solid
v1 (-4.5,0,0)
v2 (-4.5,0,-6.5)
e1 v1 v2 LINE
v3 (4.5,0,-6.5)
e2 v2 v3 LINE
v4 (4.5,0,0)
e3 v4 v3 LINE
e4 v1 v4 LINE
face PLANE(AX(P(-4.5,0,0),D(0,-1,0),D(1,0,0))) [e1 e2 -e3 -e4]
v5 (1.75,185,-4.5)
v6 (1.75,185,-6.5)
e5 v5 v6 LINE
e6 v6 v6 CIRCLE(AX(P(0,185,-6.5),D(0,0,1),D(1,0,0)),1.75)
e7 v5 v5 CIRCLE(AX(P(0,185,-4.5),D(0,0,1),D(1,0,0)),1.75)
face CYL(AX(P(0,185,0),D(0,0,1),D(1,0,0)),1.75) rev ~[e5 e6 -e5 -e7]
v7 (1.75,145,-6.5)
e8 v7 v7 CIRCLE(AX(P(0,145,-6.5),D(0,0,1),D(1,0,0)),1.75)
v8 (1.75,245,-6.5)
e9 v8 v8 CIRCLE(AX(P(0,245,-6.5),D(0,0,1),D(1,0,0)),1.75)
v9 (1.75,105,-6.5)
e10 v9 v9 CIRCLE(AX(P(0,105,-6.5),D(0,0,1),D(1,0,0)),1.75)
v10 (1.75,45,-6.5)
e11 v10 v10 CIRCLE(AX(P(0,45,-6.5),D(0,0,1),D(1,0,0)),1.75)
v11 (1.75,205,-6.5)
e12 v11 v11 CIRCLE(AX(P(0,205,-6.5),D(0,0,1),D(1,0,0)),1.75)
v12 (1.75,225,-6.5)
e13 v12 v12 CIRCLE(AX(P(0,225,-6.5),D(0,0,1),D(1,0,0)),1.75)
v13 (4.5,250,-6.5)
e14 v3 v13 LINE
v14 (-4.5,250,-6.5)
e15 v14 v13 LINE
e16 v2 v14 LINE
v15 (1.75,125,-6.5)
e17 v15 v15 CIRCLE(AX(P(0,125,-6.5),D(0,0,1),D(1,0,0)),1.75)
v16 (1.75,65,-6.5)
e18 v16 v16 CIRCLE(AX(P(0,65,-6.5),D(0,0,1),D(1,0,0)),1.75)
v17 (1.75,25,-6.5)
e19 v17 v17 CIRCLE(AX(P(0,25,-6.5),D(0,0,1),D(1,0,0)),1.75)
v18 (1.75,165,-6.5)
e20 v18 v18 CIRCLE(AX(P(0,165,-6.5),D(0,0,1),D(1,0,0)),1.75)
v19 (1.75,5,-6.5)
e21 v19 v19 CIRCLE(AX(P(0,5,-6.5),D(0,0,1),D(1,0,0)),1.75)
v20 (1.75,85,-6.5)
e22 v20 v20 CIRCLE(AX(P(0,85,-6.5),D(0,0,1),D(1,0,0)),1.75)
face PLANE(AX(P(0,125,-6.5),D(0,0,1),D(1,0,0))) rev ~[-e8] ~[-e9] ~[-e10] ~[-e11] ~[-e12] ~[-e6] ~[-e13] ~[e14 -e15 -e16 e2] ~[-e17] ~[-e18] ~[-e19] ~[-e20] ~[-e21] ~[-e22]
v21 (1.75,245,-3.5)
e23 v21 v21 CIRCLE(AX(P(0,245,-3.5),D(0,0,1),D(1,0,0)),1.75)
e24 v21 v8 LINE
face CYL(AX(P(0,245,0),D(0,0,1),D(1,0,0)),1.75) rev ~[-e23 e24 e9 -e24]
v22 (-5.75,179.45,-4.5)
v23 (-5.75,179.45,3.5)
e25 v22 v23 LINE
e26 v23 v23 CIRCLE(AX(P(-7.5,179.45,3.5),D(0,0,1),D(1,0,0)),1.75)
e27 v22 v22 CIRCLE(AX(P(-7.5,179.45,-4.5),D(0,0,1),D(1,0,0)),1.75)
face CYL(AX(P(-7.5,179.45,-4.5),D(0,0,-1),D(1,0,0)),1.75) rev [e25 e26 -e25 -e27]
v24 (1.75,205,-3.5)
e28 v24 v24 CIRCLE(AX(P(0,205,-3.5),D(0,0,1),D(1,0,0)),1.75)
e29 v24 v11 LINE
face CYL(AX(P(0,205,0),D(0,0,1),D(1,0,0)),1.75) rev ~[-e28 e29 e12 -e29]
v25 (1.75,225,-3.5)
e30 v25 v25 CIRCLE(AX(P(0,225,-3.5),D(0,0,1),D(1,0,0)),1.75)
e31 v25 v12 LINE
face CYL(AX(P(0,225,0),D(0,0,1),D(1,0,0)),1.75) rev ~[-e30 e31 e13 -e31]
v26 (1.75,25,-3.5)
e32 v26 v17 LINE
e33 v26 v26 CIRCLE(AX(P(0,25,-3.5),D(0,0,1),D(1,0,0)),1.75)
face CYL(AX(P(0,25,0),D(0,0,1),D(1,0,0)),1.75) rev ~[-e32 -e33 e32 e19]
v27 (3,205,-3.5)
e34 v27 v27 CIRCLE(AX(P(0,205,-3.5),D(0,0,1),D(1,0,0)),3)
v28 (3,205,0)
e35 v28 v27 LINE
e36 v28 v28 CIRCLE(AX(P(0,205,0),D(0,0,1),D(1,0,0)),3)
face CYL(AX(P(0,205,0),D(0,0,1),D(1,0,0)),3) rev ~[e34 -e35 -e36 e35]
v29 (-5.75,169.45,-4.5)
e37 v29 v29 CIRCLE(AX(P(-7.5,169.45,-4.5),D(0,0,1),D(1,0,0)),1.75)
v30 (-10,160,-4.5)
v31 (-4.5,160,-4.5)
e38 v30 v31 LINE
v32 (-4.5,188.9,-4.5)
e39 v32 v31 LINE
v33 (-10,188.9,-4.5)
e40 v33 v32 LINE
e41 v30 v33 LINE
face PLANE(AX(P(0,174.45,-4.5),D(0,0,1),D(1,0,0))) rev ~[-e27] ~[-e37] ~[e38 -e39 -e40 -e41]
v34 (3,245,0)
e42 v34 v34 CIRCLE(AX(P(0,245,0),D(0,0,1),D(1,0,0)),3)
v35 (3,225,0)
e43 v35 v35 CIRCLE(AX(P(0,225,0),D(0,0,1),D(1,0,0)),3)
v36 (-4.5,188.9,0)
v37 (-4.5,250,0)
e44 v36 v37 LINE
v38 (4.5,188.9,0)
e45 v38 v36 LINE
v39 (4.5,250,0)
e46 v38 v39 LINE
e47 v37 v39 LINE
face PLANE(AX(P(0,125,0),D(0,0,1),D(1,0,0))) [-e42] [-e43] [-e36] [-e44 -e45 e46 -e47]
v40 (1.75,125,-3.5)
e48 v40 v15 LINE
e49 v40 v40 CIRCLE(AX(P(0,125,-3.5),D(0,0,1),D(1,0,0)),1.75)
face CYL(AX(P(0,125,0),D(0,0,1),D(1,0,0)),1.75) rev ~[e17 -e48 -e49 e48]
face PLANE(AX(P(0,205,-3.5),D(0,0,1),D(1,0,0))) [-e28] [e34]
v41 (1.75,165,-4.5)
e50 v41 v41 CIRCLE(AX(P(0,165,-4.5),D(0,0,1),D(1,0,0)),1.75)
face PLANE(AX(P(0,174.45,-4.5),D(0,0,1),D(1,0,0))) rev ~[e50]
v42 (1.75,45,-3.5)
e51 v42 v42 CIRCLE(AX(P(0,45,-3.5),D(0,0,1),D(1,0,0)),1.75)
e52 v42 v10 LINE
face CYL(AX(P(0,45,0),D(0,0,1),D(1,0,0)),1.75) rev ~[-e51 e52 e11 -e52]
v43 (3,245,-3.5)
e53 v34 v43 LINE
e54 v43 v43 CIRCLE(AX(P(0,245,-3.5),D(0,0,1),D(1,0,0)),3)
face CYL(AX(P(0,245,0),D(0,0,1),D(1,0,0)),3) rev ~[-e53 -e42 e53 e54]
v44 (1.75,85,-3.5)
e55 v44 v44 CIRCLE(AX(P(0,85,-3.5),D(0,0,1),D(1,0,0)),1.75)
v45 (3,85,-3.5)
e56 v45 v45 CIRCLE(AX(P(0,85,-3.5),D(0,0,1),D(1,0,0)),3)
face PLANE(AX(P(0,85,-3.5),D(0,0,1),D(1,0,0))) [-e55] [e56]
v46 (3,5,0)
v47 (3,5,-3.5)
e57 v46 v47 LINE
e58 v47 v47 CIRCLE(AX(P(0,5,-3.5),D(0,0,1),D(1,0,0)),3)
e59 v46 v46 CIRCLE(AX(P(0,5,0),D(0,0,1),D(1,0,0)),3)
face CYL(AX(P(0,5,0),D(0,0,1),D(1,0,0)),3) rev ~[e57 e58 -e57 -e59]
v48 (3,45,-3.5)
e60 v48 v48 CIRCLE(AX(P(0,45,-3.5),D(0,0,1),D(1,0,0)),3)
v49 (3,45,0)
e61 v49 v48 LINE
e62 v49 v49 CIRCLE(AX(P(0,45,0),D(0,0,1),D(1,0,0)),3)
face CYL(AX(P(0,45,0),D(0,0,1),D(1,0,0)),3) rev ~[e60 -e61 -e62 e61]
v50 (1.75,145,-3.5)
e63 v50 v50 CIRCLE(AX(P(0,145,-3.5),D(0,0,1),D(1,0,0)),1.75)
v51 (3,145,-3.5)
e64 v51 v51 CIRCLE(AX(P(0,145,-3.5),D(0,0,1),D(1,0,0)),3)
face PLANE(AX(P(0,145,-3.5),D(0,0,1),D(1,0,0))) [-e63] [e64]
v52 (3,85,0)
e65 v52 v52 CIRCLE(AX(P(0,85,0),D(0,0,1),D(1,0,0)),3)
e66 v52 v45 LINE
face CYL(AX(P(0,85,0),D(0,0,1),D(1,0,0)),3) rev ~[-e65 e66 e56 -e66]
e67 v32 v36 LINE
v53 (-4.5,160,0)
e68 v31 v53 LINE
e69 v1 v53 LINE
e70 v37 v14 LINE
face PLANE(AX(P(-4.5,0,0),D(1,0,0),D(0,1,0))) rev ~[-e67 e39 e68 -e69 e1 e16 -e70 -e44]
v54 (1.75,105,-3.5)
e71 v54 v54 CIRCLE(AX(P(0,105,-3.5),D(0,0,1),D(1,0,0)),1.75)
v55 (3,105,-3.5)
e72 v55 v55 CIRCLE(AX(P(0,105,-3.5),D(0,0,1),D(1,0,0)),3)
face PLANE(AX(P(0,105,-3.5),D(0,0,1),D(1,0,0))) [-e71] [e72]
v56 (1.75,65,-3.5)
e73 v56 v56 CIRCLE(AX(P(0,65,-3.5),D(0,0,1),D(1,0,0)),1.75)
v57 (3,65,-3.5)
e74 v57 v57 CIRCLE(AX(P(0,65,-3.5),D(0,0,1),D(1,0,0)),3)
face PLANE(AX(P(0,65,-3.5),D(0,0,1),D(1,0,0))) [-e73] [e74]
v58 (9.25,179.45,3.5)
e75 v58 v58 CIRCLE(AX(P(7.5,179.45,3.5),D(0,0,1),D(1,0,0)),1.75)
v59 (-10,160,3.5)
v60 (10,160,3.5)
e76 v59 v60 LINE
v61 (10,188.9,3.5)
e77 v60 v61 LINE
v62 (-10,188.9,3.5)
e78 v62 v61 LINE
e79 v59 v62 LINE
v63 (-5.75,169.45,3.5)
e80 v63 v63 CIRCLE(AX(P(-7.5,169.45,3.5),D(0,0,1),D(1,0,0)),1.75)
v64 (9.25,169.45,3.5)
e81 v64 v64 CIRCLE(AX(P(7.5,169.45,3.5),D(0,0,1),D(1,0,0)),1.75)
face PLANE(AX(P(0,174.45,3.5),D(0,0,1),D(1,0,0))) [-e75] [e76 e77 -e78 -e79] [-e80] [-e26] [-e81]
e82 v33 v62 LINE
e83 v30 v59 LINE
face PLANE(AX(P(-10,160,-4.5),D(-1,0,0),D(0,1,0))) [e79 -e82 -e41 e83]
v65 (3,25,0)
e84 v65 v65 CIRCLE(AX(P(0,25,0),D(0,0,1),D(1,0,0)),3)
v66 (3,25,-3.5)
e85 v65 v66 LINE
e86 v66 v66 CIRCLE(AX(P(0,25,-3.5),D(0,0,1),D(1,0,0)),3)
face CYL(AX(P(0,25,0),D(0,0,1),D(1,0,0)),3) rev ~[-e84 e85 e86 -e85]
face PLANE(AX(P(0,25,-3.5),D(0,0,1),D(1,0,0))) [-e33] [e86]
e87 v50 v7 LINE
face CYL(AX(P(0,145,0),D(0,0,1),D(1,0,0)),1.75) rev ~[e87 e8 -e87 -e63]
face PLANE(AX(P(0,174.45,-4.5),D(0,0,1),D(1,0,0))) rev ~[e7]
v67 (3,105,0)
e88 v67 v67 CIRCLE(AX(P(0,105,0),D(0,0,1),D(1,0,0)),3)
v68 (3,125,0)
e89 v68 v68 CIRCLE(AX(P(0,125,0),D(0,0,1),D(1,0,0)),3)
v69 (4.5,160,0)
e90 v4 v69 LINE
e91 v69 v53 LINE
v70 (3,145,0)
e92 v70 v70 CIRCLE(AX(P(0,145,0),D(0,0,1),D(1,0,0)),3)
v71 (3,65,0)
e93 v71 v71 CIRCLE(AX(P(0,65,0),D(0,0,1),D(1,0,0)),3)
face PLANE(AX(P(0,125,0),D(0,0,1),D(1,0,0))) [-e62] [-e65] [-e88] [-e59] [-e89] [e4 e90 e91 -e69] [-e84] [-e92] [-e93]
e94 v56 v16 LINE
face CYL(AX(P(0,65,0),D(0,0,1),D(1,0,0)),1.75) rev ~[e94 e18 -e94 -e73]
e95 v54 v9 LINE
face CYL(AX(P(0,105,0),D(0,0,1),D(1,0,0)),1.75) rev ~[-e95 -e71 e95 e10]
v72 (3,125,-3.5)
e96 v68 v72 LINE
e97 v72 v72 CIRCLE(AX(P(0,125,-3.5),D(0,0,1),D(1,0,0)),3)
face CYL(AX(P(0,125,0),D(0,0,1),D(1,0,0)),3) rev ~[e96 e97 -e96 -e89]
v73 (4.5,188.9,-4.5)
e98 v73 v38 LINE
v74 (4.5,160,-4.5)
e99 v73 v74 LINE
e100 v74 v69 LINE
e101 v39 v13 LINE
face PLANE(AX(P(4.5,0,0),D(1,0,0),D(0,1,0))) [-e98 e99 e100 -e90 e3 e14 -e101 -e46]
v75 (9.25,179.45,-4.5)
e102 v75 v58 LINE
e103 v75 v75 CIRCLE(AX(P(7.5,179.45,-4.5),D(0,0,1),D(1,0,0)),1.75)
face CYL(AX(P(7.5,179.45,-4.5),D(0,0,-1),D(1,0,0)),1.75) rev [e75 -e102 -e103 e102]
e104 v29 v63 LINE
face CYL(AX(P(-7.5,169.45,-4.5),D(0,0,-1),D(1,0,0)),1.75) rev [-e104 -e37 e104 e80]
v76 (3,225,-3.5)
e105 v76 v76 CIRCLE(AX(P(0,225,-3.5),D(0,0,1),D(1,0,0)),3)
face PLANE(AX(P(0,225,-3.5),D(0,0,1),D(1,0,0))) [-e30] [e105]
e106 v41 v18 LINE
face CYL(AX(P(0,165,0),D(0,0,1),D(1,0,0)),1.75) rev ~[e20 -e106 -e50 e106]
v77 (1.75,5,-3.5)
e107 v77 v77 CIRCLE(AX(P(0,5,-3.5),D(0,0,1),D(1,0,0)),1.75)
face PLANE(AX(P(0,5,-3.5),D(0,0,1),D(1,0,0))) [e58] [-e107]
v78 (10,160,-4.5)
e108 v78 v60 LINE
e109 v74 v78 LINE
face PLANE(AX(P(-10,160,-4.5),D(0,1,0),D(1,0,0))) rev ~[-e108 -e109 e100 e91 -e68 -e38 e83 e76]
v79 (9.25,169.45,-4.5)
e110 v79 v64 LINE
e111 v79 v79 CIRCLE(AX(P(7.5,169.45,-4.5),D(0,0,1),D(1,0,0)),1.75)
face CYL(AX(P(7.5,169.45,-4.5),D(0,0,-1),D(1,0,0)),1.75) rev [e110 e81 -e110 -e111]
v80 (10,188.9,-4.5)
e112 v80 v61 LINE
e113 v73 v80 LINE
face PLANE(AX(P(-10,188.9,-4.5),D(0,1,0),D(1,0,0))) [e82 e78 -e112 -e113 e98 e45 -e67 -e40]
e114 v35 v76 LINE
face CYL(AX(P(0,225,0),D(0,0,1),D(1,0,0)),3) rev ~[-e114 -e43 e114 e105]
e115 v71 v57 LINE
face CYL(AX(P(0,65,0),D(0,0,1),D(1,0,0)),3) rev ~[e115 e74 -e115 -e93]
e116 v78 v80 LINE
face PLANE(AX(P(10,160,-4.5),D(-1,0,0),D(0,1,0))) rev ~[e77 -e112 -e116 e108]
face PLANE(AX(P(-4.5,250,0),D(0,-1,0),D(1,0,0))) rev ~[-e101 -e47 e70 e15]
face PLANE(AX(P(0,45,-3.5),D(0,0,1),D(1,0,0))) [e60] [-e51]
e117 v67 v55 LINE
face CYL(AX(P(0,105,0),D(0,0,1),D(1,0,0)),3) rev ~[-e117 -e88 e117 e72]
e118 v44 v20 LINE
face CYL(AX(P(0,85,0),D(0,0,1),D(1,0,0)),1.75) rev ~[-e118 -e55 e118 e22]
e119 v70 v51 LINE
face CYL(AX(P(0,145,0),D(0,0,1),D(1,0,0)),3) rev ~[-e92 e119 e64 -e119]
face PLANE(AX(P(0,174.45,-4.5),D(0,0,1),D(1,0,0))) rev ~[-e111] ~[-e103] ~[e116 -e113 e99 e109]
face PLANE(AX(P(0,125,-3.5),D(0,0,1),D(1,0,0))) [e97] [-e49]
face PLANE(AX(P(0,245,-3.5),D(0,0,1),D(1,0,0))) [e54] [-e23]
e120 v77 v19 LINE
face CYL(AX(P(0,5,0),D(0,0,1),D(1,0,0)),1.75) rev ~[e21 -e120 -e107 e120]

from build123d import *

# Parameters (mm, degrees)
SKETCH_W               = 9
SKETCH_H               = 250
PAD_DEPTH              = 6.5
SKETCH001_R            = 1.75
POCKET_DEPTH           = 6.5
LINEARPATTERN_COUNT    = 13
LINEARPATTERN_PITCH    = 20
SKETCH002_R            = 3
POCKET001_DEPTH        = 3.5
LINEARPATTERN001_COUNT = 13
LINEARPATTERN001_PITCH = 20
SKETCH005_W            = 20
SKETCH005_H            = 28.9
SKETCH005_R            = 1.75
PAD002_DEPTH           = 8


with BuildPart() as part:
    # Sketch → Pad (new body)
    with BuildSketch(Plane.XY):
        with Locations((0, 125)):
            Rectangle(SKETCH_W, SKETCH_H)
    extrude(amount=-PAD_DEPTH)

    # Sketch001 → Pocket (cut)
    with BuildSketch(Plane.XY):
        with Locations((0, 5)):
            Circle(SKETCH001_R)
    pocket = extrude(amount=-POCKET_DEPTH, mode=Mode.SUBTRACT)

    # LinearPattern: Pocket ×13
    with Locations(*[(0, i * LINEARPATTERN_PITCH, 0) for i in range(1, LINEARPATTERN_COUNT)]):
        add(pocket, mode=Mode.SUBTRACT)

    # Sketch002 → Pocket001 (cut)
    with BuildSketch(Plane.XY):
        with Locations((0, 5)):
            Circle(SKETCH002_R)
    pocket001 = extrude(amount=-POCKET001_DEPTH, mode=Mode.SUBTRACT)

    # LinearPattern001: Pocket001 ×13
    with Locations(*[(0, i * LINEARPATTERN001_PITCH, 0) for i in range(1, LINEARPATTERN001_COUNT)]):
        add(pocket001, mode=Mode.SUBTRACT)

    # Sketch005 → Pad002 (join)
    with BuildSketch(Plane.XY.offset(-4.5)):
        with Locations((0, 174.45)):
            Rectangle(SKETCH005_W, SKETCH005_H)
        with Locations((-7.5, 179.45)):
            Circle(SKETCH005_R, mode=Mode.SUBTRACT)
        with Locations((7.5, 179.45)):
            Circle(SKETCH005_R, mode=Mode.SUBTRACT)
        with Locations((7.5, 169.45)):
            Circle(SKETCH005_R, mode=Mode.SUBTRACT)
        with Locations((-7.5, 169.45)):
            Circle(SKETCH005_R, mode=Mode.SUBTRACT)
    extrude(amount=PAD002_DEPTH)


solid = part.part
